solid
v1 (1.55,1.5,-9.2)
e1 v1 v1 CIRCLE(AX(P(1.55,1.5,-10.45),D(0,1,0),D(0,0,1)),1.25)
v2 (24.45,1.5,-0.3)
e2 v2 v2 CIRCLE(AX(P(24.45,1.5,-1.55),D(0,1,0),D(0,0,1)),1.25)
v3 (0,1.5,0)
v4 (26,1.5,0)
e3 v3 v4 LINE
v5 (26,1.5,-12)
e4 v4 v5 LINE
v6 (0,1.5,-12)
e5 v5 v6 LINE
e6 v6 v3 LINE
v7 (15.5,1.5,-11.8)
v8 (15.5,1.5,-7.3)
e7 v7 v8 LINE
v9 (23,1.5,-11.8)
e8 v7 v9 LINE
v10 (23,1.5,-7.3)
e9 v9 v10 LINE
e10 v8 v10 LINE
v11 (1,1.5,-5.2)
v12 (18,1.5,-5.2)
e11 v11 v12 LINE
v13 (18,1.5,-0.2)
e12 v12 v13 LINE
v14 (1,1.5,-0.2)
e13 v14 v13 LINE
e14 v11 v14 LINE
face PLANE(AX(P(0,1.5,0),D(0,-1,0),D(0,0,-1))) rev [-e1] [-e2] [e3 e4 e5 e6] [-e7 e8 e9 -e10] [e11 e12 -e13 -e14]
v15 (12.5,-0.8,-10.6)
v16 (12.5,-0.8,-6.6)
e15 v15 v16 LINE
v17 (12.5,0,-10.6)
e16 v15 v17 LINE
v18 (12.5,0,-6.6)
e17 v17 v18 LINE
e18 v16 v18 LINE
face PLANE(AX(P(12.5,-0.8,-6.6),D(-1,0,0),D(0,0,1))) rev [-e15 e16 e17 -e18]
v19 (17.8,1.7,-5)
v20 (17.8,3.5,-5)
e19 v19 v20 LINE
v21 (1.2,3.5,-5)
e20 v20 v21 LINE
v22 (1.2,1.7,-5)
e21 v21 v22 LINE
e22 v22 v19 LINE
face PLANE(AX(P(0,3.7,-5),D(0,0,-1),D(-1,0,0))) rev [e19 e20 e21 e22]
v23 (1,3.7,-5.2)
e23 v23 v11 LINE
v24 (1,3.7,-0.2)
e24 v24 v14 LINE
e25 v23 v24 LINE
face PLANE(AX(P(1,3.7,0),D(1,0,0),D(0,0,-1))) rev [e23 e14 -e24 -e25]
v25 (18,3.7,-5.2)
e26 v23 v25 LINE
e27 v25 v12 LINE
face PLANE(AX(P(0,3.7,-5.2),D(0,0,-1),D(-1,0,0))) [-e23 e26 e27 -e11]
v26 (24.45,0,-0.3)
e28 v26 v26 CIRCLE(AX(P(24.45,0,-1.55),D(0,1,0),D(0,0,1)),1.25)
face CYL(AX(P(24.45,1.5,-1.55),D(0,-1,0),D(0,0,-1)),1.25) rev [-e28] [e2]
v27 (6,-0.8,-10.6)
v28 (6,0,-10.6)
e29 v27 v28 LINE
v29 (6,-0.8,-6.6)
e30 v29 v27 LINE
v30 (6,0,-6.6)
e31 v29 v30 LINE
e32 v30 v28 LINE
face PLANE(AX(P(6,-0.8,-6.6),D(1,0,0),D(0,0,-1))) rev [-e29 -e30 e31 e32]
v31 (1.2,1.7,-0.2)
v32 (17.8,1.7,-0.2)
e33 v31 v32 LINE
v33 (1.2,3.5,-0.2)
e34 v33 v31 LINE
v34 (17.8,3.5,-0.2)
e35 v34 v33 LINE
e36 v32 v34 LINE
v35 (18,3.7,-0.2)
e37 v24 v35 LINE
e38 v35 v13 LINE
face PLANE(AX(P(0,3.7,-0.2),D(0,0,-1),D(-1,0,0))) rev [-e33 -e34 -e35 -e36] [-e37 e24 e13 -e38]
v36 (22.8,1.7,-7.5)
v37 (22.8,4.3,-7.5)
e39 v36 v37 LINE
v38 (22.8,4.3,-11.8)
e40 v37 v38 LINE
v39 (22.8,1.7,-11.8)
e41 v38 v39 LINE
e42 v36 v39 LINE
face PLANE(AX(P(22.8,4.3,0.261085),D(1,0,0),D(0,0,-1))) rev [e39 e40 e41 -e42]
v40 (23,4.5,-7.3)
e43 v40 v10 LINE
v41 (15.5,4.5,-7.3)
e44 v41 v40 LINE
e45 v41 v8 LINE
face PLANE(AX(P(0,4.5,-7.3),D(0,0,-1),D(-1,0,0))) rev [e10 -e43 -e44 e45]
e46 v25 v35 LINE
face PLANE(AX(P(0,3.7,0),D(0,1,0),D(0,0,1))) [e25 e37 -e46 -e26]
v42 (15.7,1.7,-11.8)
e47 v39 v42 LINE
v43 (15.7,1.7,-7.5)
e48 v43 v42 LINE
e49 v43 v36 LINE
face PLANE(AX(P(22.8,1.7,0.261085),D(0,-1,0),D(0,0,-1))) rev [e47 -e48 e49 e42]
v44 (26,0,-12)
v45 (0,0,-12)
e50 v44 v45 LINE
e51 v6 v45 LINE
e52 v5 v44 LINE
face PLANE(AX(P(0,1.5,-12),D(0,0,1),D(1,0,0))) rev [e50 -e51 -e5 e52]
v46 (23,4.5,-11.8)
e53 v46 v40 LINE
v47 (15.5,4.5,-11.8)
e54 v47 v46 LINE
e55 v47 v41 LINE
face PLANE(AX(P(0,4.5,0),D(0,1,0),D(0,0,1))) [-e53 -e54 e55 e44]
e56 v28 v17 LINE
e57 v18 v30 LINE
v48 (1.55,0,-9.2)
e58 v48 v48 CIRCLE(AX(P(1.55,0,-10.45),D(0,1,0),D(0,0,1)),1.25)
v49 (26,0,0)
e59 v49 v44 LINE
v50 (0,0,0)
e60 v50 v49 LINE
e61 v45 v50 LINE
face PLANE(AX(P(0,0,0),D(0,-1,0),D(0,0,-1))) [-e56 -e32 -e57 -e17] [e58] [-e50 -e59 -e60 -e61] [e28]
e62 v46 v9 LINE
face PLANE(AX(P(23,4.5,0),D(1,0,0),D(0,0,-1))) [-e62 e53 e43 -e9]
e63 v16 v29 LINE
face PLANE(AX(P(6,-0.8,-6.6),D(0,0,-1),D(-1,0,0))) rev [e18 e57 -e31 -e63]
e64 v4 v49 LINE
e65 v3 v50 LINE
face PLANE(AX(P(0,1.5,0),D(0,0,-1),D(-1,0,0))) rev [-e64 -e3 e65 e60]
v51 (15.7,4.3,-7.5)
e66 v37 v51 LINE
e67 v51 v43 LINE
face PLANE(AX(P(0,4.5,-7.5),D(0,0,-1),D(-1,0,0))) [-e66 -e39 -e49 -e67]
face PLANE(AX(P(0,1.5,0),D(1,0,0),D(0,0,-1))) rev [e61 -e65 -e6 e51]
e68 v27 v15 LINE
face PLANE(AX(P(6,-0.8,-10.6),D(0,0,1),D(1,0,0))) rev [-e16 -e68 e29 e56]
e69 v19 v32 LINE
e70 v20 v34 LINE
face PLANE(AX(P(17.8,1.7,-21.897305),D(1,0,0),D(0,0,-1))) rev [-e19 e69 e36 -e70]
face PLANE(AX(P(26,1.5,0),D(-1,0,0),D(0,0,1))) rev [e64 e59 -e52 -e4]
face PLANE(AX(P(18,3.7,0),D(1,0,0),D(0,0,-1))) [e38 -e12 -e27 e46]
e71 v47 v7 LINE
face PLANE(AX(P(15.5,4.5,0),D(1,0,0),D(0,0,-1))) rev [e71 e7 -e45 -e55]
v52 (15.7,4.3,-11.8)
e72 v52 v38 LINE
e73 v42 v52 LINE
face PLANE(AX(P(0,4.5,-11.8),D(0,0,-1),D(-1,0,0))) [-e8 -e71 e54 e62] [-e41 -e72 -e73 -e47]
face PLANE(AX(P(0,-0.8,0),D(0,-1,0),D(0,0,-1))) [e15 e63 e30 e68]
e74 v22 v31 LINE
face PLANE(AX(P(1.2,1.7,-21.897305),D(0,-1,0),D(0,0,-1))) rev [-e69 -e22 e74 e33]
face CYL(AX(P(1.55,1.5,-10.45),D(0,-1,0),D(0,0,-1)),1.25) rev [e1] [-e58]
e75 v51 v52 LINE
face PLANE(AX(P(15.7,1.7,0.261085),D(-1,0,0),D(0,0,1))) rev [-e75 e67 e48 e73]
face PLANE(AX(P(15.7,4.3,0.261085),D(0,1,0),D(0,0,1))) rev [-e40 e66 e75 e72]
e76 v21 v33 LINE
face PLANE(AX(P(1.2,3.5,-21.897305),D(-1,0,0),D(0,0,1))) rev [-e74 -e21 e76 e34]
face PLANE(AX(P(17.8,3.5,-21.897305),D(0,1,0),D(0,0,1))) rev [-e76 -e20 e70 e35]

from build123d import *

# Parameters (mm, degrees)
SKETCH1_W           = 26
SKETCH1_H           = 12
SKETCH1_R           = 1.25
BOSS_EXTRUDE1_DEPTH = 1.5
SKETCH2_W           = 17
SKETCH2_H           = 5
BOSS_EXTRUDE2_DEPTH = 2.2
SKETCH2_3_W         = 7.5
SKETCH2_3_H         = 4.5
BOSS_EXTRUDE3_DEPTH = 3
SKETCH3_W           = 7.1
SKETCH3_H           = 2.6
CUT_EXTRUDE1_DEPTH  = 4.3
SKETCH4_W           = 16.6
SKETCH4_H           = 1.8
CUT_EXTRUDE2_DEPTH  = 4.8
SKETCH5_W           = 6.5
SKETCH5_H           = 4
BOSS_EXTRUDE4_DEPTH = 0.8


with BuildPart() as part:
    # Sketch1 → Boss-Extrude1 (new body)
    with BuildSketch(Plane(origin=(0, 0, 0), x_dir=(1, 0, 0), z_dir=(0, 1, 0))):
        with Locations((13, 6)):
            Rectangle(SKETCH1_W, SKETCH1_H)
        with Locations(Location((1.55, 10.45, 0), (0, 0, 270))):
            Circle(SKETCH1_R, mode=Mode.SUBTRACT)
        with Locations(Location((24.45, 1.55, 0), (0, 0, 270))):
            Circle(SKETCH1_R, mode=Mode.SUBTRACT)
    extrude(amount=BOSS_EXTRUDE1_DEPTH)

    # Sketch2 → Boss-Extrude2 (add)
    with BuildSketch(Plane(origin=(0, 1.5, 0), x_dir=(1, 0, 0), z_dir=(0, 1, 0))):
        with Locations((9.5, 2.7)):
            Rectangle(SKETCH2_W, SKETCH2_H)
    extrude(amount=BOSS_EXTRUDE2_DEPTH)

    # Sketch2<3> → Boss-Extrude3 (add)
    with BuildSketch(Plane(origin=(0, 1.5, 0), x_dir=(1, 0, 0), z_dir=(0, 1, 0))):
        with Locations((19.25, 9.55)):
            Rectangle(SKETCH2_3_W, SKETCH2_3_H)
    extrude(amount=BOSS_EXTRUDE3_DEPTH)

    # Sketch3 → Cut-Extrude1 (cut)
    with BuildSketch(Plane(origin=(0, 0, -11.8), x_dir=(-1, 0, 0), z_dir=(0, 0, -1))):
        with Locations((-19.25, 3)):
            Rectangle(SKETCH3_W, SKETCH3_H)
    extrude(amount=-CUT_EXTRUDE1_DEPTH, mode=Mode.SUBTRACT)

    # Sketch4 → Cut-Extrude2 (cut)
    with BuildSketch(Plane.XY.offset(-0.2)):
        with Locations((9.5, 2.6)):
            Rectangle(SKETCH4_W, SKETCH4_H)
    extrude(amount=-CUT_EXTRUDE2_DEPTH, mode=Mode.SUBTRACT)

    # Sketch5 → Boss-Extrude4 (add)
    with BuildSketch(Plane.XZ):
        with Locations((9.25, -8.6)):
            Rectangle(SKETCH5_W, SKETCH5_H)
    extrude(amount=BOSS_EXTRUDE4_DEPTH)


solid = part.part
